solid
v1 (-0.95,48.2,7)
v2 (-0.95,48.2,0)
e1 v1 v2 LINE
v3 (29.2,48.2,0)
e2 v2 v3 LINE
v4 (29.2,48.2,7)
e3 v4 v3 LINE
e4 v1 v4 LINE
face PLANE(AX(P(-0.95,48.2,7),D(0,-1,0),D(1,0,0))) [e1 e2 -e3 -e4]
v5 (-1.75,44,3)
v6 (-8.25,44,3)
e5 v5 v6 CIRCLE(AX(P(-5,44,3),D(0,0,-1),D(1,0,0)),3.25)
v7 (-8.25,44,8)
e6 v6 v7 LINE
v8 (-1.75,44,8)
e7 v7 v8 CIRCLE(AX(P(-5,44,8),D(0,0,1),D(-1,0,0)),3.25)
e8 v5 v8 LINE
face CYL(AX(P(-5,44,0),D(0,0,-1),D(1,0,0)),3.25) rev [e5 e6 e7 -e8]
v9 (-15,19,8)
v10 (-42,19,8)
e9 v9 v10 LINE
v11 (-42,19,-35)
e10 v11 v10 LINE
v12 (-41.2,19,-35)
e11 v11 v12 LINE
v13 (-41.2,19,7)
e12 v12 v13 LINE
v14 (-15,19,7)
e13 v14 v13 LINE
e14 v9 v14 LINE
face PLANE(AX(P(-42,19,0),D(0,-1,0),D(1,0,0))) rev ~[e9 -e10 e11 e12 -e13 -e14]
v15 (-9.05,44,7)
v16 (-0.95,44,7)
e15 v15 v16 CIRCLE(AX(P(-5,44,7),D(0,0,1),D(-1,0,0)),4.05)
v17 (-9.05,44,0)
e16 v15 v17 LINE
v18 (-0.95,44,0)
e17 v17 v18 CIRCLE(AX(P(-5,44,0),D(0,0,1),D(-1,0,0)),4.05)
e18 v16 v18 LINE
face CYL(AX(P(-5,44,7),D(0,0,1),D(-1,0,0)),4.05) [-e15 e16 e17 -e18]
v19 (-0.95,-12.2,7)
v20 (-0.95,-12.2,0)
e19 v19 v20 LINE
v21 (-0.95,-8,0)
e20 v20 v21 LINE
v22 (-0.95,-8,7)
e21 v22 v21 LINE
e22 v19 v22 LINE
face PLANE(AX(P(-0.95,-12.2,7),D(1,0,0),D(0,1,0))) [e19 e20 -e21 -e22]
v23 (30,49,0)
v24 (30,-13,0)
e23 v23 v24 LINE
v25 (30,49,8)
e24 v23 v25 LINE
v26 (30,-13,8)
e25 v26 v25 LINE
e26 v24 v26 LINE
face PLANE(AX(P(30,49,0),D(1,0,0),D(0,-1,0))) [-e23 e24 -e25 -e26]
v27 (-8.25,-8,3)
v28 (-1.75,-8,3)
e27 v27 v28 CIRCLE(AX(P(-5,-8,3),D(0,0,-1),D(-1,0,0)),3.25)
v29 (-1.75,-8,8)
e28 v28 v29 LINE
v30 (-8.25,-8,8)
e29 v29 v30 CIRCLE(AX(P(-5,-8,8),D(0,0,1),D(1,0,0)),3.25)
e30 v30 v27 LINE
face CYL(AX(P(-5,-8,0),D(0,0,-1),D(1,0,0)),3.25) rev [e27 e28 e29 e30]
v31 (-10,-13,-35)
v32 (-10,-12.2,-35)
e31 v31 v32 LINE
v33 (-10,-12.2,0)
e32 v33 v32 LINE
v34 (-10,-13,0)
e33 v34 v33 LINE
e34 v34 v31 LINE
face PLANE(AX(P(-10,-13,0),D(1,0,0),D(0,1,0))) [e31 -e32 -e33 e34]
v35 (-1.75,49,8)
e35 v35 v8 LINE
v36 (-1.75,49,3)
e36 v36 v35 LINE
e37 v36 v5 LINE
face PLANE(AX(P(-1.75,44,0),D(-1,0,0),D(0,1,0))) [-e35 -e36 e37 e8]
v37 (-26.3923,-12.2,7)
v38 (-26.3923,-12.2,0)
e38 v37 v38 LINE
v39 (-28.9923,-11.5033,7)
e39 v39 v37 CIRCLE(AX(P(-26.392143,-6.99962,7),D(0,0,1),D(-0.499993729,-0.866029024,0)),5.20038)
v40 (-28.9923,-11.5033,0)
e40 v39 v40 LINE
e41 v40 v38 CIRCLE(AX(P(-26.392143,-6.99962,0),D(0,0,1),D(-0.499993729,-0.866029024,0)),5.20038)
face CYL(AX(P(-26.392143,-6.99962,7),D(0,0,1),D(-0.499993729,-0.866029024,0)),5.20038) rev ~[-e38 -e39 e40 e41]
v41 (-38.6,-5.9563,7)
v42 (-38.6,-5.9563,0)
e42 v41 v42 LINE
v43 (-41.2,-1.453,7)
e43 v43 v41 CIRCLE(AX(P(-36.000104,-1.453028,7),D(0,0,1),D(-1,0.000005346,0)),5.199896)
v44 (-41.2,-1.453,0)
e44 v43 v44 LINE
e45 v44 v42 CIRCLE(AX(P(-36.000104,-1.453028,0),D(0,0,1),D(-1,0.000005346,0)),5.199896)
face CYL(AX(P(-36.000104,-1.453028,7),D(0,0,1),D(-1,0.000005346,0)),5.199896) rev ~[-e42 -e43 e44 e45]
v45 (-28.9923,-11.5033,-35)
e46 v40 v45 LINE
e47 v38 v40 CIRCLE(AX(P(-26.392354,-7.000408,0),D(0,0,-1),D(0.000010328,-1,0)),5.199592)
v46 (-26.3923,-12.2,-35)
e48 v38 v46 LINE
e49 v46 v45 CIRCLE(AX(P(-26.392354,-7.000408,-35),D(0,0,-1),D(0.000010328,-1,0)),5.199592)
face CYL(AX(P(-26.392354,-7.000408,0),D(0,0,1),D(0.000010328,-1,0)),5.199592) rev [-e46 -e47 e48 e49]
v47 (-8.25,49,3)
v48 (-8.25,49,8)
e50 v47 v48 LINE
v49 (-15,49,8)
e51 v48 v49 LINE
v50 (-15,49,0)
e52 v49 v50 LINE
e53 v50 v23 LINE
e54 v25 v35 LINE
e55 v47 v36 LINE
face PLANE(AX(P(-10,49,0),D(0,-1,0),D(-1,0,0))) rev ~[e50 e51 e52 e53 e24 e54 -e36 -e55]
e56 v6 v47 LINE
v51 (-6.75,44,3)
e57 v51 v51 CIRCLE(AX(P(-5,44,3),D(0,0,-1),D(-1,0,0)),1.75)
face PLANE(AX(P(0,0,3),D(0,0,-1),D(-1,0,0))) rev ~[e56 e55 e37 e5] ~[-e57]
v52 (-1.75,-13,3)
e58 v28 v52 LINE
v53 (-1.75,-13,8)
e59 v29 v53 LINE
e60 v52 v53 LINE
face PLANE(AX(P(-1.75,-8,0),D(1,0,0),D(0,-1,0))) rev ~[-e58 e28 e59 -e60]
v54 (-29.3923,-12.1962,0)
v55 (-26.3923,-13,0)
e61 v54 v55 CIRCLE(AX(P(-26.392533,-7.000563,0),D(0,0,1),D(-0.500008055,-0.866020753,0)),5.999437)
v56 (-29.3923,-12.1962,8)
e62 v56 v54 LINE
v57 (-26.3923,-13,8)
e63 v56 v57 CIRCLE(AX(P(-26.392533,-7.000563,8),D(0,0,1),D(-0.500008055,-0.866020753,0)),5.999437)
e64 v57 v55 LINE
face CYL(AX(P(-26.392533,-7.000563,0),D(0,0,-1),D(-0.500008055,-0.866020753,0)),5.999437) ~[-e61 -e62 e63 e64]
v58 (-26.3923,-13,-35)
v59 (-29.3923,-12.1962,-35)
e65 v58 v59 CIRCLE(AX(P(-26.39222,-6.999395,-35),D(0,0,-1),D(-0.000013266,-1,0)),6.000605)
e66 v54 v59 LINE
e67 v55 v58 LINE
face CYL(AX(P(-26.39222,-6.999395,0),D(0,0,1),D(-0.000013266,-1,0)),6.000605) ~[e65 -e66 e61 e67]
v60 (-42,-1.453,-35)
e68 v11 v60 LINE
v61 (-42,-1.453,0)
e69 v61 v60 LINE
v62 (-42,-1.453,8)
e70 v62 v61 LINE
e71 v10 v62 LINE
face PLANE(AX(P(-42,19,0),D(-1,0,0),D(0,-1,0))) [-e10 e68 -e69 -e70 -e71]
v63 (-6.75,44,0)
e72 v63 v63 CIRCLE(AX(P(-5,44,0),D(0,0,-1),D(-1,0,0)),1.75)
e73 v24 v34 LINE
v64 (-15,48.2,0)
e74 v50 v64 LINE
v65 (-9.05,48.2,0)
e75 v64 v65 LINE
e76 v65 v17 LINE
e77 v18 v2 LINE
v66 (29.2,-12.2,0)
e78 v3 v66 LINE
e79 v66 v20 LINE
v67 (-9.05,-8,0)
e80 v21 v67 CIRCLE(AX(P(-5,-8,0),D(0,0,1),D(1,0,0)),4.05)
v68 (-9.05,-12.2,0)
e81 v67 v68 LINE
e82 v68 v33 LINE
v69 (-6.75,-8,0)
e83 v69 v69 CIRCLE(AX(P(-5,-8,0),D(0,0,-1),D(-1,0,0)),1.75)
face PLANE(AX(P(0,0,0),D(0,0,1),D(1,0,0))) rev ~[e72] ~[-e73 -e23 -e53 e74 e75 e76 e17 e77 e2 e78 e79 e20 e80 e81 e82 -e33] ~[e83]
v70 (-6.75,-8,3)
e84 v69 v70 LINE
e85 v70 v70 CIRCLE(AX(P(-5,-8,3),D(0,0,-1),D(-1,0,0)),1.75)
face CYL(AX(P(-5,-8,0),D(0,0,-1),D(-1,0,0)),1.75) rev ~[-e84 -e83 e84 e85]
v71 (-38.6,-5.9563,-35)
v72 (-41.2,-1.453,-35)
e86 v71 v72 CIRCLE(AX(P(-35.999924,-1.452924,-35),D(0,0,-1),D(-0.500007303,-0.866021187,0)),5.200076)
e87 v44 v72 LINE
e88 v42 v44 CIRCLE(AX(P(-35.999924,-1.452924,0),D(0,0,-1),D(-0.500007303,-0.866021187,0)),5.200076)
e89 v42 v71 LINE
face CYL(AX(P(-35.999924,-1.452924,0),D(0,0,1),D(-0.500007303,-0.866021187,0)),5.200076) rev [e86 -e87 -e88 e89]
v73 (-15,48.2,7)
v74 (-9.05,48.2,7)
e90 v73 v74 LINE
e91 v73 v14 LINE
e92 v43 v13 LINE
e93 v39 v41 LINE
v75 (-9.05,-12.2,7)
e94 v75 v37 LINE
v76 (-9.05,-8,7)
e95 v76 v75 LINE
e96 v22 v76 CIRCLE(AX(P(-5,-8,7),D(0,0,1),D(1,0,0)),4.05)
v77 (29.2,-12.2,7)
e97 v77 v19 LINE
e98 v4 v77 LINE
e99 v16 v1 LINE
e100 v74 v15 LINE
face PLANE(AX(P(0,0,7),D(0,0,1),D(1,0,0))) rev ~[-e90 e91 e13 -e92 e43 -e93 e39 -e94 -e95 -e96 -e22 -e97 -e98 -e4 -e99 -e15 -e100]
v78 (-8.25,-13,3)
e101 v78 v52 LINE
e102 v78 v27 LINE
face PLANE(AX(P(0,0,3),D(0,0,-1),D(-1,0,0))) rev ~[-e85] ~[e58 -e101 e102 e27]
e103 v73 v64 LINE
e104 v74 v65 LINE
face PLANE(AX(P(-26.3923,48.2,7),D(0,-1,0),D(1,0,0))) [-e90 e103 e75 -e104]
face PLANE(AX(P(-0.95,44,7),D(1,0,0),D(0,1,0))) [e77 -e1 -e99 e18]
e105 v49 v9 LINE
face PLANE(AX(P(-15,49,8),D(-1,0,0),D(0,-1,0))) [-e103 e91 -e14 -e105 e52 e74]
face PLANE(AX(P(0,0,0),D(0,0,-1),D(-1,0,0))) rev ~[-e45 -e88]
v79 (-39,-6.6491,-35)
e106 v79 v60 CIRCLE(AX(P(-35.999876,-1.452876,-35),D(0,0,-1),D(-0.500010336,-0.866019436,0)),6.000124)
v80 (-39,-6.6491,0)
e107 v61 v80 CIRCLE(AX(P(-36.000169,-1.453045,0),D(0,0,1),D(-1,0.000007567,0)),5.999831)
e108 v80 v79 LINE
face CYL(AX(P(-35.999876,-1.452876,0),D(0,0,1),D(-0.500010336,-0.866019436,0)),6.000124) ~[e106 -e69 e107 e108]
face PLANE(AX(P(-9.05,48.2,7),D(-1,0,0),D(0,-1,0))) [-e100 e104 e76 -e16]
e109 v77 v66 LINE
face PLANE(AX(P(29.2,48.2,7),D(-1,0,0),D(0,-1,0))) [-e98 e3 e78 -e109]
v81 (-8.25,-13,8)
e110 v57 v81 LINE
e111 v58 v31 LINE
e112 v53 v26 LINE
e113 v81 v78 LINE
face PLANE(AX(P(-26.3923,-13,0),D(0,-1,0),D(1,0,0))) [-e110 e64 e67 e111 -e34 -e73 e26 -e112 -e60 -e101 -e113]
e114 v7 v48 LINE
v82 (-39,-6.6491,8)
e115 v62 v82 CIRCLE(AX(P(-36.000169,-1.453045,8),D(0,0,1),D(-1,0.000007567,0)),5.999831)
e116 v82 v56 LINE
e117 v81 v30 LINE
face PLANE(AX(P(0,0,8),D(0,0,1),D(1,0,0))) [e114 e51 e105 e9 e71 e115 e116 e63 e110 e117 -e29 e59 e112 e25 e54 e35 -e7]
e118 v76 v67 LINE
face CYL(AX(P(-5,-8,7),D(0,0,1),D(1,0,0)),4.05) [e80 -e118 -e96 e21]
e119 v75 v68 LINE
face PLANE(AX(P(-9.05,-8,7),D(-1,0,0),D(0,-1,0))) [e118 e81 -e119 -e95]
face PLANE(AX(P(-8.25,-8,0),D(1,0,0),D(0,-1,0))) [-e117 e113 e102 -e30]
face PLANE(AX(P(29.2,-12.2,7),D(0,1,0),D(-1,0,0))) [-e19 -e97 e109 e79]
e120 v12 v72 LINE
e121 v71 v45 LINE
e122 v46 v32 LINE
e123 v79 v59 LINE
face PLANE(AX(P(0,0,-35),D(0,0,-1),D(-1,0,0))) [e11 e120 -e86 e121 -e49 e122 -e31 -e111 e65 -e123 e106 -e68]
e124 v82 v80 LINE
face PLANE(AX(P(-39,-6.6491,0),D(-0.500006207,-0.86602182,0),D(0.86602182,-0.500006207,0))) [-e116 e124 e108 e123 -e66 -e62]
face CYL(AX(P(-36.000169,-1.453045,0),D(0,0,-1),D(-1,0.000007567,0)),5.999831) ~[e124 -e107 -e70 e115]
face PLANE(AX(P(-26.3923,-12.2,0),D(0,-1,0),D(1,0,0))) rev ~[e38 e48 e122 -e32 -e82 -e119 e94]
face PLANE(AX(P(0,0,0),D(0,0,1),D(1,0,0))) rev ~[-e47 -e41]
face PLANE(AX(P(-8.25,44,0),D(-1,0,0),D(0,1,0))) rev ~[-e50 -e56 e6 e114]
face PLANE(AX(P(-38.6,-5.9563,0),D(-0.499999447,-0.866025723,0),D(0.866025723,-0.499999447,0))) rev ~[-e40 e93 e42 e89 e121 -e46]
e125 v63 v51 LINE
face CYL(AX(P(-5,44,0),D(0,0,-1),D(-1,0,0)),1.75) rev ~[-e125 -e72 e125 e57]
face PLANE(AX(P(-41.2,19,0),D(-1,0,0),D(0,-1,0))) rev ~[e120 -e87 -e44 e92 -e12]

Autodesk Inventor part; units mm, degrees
ref_plane "YZ Plane" through (0, 0, 0) normal (1, 0, 0) x (0, 1, 0)
ref_plane "XZ Plane" through (0, 0, 0) normal (0, 1, 0) x (-1, 0, 0)
ref_plane "XY Plane" through (0, 0, 0) normal (0, 0, 1) x (1, 0, 0)
sketch "Sketch1" plane through (0, 0, 0) normal (0, 0, 1) x (1, 0, 0)
  circle A0 centre (-5, 44) radius 1.4 projected
  circle A1 centre (-5, -8) radius 1.4 projected
  circle A2 centre (-5, 44) radius 1.75
  circle A3 centre (-5, -8) radius 1.75
  circle A4 centre (-5, -8) radius 3.25
  line L0 (-10, 49) -> (30, 49) projected
  line L1 (-10, -13) -> (30, -13) projected
  circle A5 centre (-5, 44) radius 3.25
  line L2 (-1.75, 44) -> (-1.75, 49)
  line L3 (-1.75, -8) -> (-1.75, -13)
  line L4 (-8.25, 44) -> (-8.25, 49)
  line L5 (-8.25, -8) -> (-8.25, -13)
  line L6 (-39, 42.6491) -> (-29.3923, 48.1962) projected
  arc A6 (-39, 42.6491) -> (-42, 37.453) centre (-36, 37.453) ccw projected
  line L7 (-42, -1.453) -> (-42, 37.453) projected
  arc A7 (-42, -1.453) -> (-39, -6.6491) centre (-36, -1.453) ccw projected
  line L8 (-39, -6.6491) -> (-29.3923, -12.1962) projected
  arc A8 (-29.3923, -12.1962) -> (-26.3923, -13) centre (-26.3923, -7) ccw projected
  line L9 (-26.3923, -13) -> (-21.4462, -13) projected
  arc A9 (-26.3923, 49) -> (-29.3923, 48.1962) centre (-26.3923, 43) ccw projected
  line L10 (-10, 49) -> (-38, 49) projected
  line L11 (-10, -13) -> (-21.4462, -13)
  line L12 (30, 49) -> (30, -13)
  circle A10 centre (-26.3923, -7) radius 6
  circle A11 centre (-36, -1.453) radius 6
  circle A12 centre (-36, 37.453) radius 6
  circle A13 centre (-26.3923, 43) radius 6
  line L13 (-29.3923, 48.1962) -> (-39, 42.6491)
  line L14 (-42, 37.453) -> (-42, -1.453)
  line L15 (-39, -6.6491) -> (-29.3923, -12.1962)
  line L16 (-26.3923, -13) -> (-8.25, -13)
  line L17 (-1.75, -13) -> (30, -13)
  line L18 (30, 49) -> (-1.75, 49)
  line L19 (-8.25, 49) -> (-26.3923, 49)
  point P0 (0, 0)
  dimension "d0" = 3.5
  dimension "d1" = 6.5
extrude "Extrusion1" add sketch "Sketch1" along normal blind 7 contours A4 L5 L1 L11 L9 A10 A11 L7 A12 A13 L10 L0 L4 A5 L2 L12 L3 | A8 A10 A11 | L8 A11 A10 | A7 A11 A10 | A10 A11 | A13 A12 A9 | A13 A12 L6 | A6 A12 A13 | A12 A13
sketch "Sketch2" plane through (0, 0, 7) normal (0, 0, 1) x (1, 0, 0)
  line L0 (30, 49) -> (-1.75, 49) projected
  line L1 (-1.75, 49) -> (-1.75, 44) projected
  arc A0 (-8.25, 44) -> (-1.75, 44) centre (-5, 44) ccw projected
  line L2 (-8.25, 44) -> (-8.25, 49) projected
  line L3 (-8.25, 49) -> (-26.3923, 49) projected
  arc A1 (-26.3923, 49) -> (-29.3923, 48.1962) centre (-26.3923, 43) ccw projected
  line L4 (-29.3923, 48.1962) -> (-39, 42.6491) projected
  arc A2 (-39, 42.6491) -> (-42, 37.453) centre (-36, 37.453) ccw projected
  line L5 (-42, 37.453) -> (-42, -1.453) projected
  arc A3 (-42, -1.453) -> (-39, -6.6491) centre (-36, -1.453) ccw projected
  line L6 (-39, -6.6491) -> (-29.3923, -12.1962) projected
  arc A4 (-29.3923, -12.1962) -> (-26.3923, -13) centre (-26.3923, -7) ccw projected
  line L7 (-26.3923, -13) -> (-8.25, -13) projected
  line L8 (-8.25, -13) -> (-8.25, -8) projected
  arc A5 (-1.75, -8) -> (-8.25, -8) centre (-5, -8) ccw projected
  line L9 (-1.75, -8) -> (-1.75, -13) projected
  line L10 (-1.75, -13) -> (30, -13) projected
  line L11 (30, -13) -> (30, 49) projected
  line L12 (-0.95, 48.2) -> (29.2, 48.2)
  line L13 (29.2, 48.2) -> (29.2, -12.2)
  line L14 (29.2, -12.2) -> (-0.95, -12.2)
  line L15 (-0.95, -12.2) -> (-0.95, -8)
  arc A6 (-0.95, -8) -> (-9.05, -8) centre (-5, -8) ccw
  line L16 (-9.05, -8) -> (-9.05, -12.2)
  line L17 (-9.05, -12.2) -> (-26.3923, -12.2)
  arc A7 (-28.9923, -11.5033) -> (-26.3923, -12.2) centre (-26.3923, -7) ccw
  line L18 (-28.9923, -11.5033) -> (-38.6, -5.9563)
  arc A8 (-41.2, -1.453) -> (-38.6, -5.9563) centre (-36, -1.453) ccw
  line L19 (-41.2, -1.453) -> (-41.2, 37.453)
  arc A9 (-38.6, 41.9563) -> (-41.2, 37.453) centre (-36, 37.453) ccw
  line L20 (-38.6, 41.9563) -> (-28.9923, 47.5033)
  arc A10 (-26.3923, 48.2) -> (-28.9923, 47.5033) centre (-26.3923, 43) ccw
  line L21 (-26.3923, 48.2) -> (-9.05, 48.2)
  line L22 (-9.05, 48.2) -> (-9.05, 44)
  arc A11 (-9.05, 44) -> (-0.95, 44) centre (-5, 44) ccw
  line L23 (-0.95, 44) -> (-0.95, 48.2)
  point P0 (0, 0)
  dimension "d4" = 0.8
extrude "Extrusion2" cut sketch "Sketch2" against normal through all contours L12 L13 L14 L15 A6 L16 L17 A7 L18 A8 L19 A9 L20 A10 L21 L22 A11 L23
sketch "Sketch3" plane through (0, 0, 7) normal (0, 0, 1) x (1, 0, 0)
  arc A0 (-38.6, 41.9563) -> (-41.2, 37.453) centre (-36, 37.453) ccw projected
  line L0 (-38.6, 41.9563) -> (-28.9923, 47.5033) projected
  arc A1 (-26.3923, 48.2) -> (-28.9923, 47.5033) centre (-26.3923, 43) ccw projected
  line L1 (-26.3923, 48.2) -> (-9.05, 48.2) projected
  line L2 (-9.05, 48.2) -> (-9.05, 44) projected
  arc A2 (-9.05, 44) -> (-0.95, 44) centre (-5, 44) ccw projected
  line L3 (-0.95, 44) -> (-0.95, 48.2) projected
  line L4 (-0.95, 48.2) -> (29.2, 48.2) projected
  line L5 (29.2, 48.2) -> (29.2, -12.2) projected
  line L6 (29.2, -12.2) -> (-0.95, -12.2) projected
  line L7 (-0.95, -12.2) -> (-0.95, -8) projected
  arc A3 (-0.95, -8) -> (-9.05, -8) centre (-5, -8) ccw projected
  line L8 (-9.05, -8) -> (-9.05, -12.2) projected
  line L9 (-9.05, -12.2) -> (-26.3923, -12.2) projected
  arc A4 (-28.9923, -11.5033) -> (-26.3923, -12.2) centre (-26.3923, -7) ccw projected
  line L10 (-28.9923, -11.5033) -> (-38.6, -5.9563) projected
  arc A5 (-41.2, -1.453) -> (-38.6, -5.9563) centre (-36, -1.453) ccw projected
  line L11 (-41.2, -1.453) -> (-41.2, 37.453) projected
  line L12 (30, 49) -> (-1.75, 49) projected
  line L13 (-1.75, 49) -> (-1.75, 44) projected
  arc A6 (-8.25, 44) -> (-1.75, 44) centre (-5, 44) ccw projected
  line L14 (-8.25, 44) -> (-8.25, 49) projected
  line L15 (-8.25, 49) -> (-26.3923, 49) projected
  arc A7 (-26.3923, 49) -> (-29.3923, 48.1962) centre (-26.3923, 43) ccw projected
  line L16 (-29.3923, 48.1962) -> (-39, 42.6491) projected
  arc A8 (-39, 42.6491) -> (-42, 37.453) centre (-36, 37.453) ccw projected
  line L17 (-42, 37.453) -> (-42, -1.453) projected
  arc A9 (-42, -1.453) -> (-39, -6.6491) centre (-36, -1.453) ccw projected
  line L18 (-39, -6.6491) -> (-29.3923, -12.1962) projected
  arc A10 (-29.3923, -12.1962) -> (-26.3923, -13) centre (-26.3923, -7) ccw projected
  line L19 (-26.3923, -13) -> (-8.25, -13) projected
  line L20 (-8.25, -13) -> (-8.25, -8) projected
  arc A11 (-1.75, -8) -> (-8.25, -8) centre (-5, -8) ccw projected
  line L21 (-1.75, -8) -> (-1.75, -13) projected
  line L22 (-1.75, -13) -> (30, -13) projected
  line L23 (30, -13) -> (30, 49) projected
  point P0 (0, 0)
extrude "Extrusion3" add sketch "Sketch3" along normal blind 1 contours L0 A1 L1 L2 A2 L3 L4 L5 L6 L7 A3 L8 L9 A4 L10 A5 L11 A0 | L23 L22 L21 A11 L20 L19 A10 L18 A9 L17 A8 L16 A7 L15 L14 A6 L13 L12
sketch "Sketch4" plane through (0, 0, 8) normal (0, 0, 1) x (1, 0, 0)
  line L0 (-1.75, -13) -> (30, -13) projected
  line L1 (30, -13) -> (30, 49) projected
  line L2 (30, 49) -> (-1.75, 49) projected
  line L3 (-1.75, 49) -> (-1.75, 44) projected
  arc A0 (-8.25, 44) -> (-1.75, 44) centre (-5, 44) ccw projected
  line L4 (-8.25, 44) -> (-8.25, 49) projected
  line L5 (-8.25, 49) -> (-26.3923, 49) projected
  arc A1 (-26.3923, 49) -> (-29.3923, 48.1962) centre (-26.3923, 43) ccw projected
  line L6 (-29.3923, 48.1962) -> (-39, 42.6491) projected
  arc A2 (-39, 42.6491) -> (-42, 37.453) centre (-36, 37.453) ccw projected
  line L7 (-42, 37.453) -> (-42, -1.453) projected
  arc A3 (-42, -1.453) -> (-39, -6.6491) centre (-36, -1.453) ccw projected
  line L8 (-39, -6.6491) -> (-29.3923, -12.1962) projected
  arc A4 (-29.3923, -12.1962) -> (-26.3923, -13) centre (-26.3923, -7) ccw projected
  line L9 (-26.3923, -13) -> (-8.25, -13) projected
  line L10 (-8.25, -13) -> (-8.25, -8) projected
  arc A5 (-1.75, -8) -> (-8.25, -8) centre (-5, -8) ccw projected
  line L11 (-1.75, -8) -> (-1.75, -13) projected
  line L12 (-8.25, 49) -> (-26.3923, 49) projected
  line L13 (-15, 49) -> (-15, 19)
  line L14 (-15, 19) -> (-42, 19)
  point P0 (0, 0)
  dimension "d9" = 30
  dimension "d10" = 27
extrude "Extrusion4" cut sketch "Sketch4" against normal through all contours L13 L14 L7 A2 L6 A1 L5
sketch "Sketch5" plane through (0, 0, 0) normal (0, 0, -1) x (-1, 0, 0)
  line L0 (15, 48.2) -> (15, 49) projected
  line L1 (8.25, 49) -> (15, 49) projected
  line L2 (8.25, 44) -> (8.25, 49) projected
  arc A0 (1.75, 44) -> (8.25, 44) centre (5, 44) ccw projected
  line L3 (1.75, 49) -> (1.75, 44) projected
  line L4 (-30, 49) -> (1.75, 49) projected
  line L5 (-30, -13) -> (-30, 49) projected
  line L6 (1.75, -13) -> (-30, -13) projected
  line L7 (1.75, -8) -> (1.75, -13) projected
  arc A1 (8.25, -8) -> (1.75, -8) centre (5, -8) ccw projected
  line L8 (8.25, -13) -> (8.25, -8) projected
  line L9 (26.3923, -13) -> (8.25, -13) projected
  arc A2 (26.3923, -13) -> (29.3923, -12.1962) centre (26.3923, -7) ccw projected
  line L10 (39, -6.6491) -> (29.3923, -12.1962) projected
  arc A3 (39, -6.6491) -> (42, -1.453) centre (36, -1.453) ccw projected
  line L11 (42, 19) -> (42, -1.453) projected
  line L12 (42, 19) -> (41.2, 19) projected
  line L13 (41.2, 19) -> (41.2, -1.453) projected
  arc A4 (38.6, -5.9563) -> (41.2, -1.453) centre (36, -1.453) ccw projected
  line L14 (38.6, -5.9563) -> (28.9923, -11.5033) projected
  arc A5 (26.3923, -12.2) -> (28.9923, -11.5033) centre (26.3923, -7) ccw projected
  line L15 (26.3923, -12.2) -> (9.05, -12.2) projected
  line L16 (9.05, -12.2) -> (9.05, -8) projected
  arc A6 (9.05, -8) -> (0.95, -8) centre (5, -8) ccw projected
  line L17 (0.95, -8) -> (0.95, -12.2) projected
  line L18 (0.95, -12.2) -> (-29.2, -12.2) projected
  line L19 (-29.2, -12.2) -> (-29.2, 48.2) projected
  line L20 (-29.2, 48.2) -> (0.95, 48.2) projected
  line L21 (0.95, 48.2) -> (0.95, 44) projected
  arc A7 (0.95, 44) -> (9.05, 44) centre (5, 44) ccw projected
  line L22 (9.05, 44) -> (9.05, 48.2) projected
  line L23 (9.05, 48.2) -> (15, 48.2) projected
  line L24 (10, -13) -> (10, 49) projected
  point P0 (0, 0)
  point P1 (10, -12.2)
extrude "Extrusion5" add sketch "Sketch5" along normal blind 35 contours L15 A5 L14 A4 L13 L12 L11 A3 L10 A2 L9 L24
sketch "Sketch6" plane through (0, 0, 0) normal (0, 0, -1) x (-1, 0, 0)
  arc A0 (8.25, -8) -> (1.75, -8) centre (5, -8) ccw projected
  arc A1 (1.75, 44) -> (8.25, 44) centre (5, 44) ccw projected
  line L0 (10, -13) -> (-30, -13) projected
  line L1 (1.75, -8) -> (1.75, -13) projected
  line L2 (1.75, -8) -> (1.75, -13)
  line L3 (1.75, -13) -> (8.25, -13)
  line L4 (8.25, -13) -> (8.25, -8)
  line L5 (26.3923, 49) -> (-4, 49) projected
  line L6 (1.75, 49) -> (1.75, 44) projected
  line L7 (1.75, 44) -> (1.75, 49)
  line L8 (8.25, 44) -> (8.25, 49) projected
  line L9 (1.75, 49) -> (8.25, 49)
  line L10 (8.25, 49) -> (8.25, 44)
  circle A2 centre (5, 44) radius 1.75
  circle A3 centre (5, -8) radius 1.75
  point P0 (0, 0)
  dimension "d15" = 3.5
extrude "Extrusion6" add sketch "Sketch6" against normal blind 3
properties part number "Extruder Cover" material "ABS Plastic"
